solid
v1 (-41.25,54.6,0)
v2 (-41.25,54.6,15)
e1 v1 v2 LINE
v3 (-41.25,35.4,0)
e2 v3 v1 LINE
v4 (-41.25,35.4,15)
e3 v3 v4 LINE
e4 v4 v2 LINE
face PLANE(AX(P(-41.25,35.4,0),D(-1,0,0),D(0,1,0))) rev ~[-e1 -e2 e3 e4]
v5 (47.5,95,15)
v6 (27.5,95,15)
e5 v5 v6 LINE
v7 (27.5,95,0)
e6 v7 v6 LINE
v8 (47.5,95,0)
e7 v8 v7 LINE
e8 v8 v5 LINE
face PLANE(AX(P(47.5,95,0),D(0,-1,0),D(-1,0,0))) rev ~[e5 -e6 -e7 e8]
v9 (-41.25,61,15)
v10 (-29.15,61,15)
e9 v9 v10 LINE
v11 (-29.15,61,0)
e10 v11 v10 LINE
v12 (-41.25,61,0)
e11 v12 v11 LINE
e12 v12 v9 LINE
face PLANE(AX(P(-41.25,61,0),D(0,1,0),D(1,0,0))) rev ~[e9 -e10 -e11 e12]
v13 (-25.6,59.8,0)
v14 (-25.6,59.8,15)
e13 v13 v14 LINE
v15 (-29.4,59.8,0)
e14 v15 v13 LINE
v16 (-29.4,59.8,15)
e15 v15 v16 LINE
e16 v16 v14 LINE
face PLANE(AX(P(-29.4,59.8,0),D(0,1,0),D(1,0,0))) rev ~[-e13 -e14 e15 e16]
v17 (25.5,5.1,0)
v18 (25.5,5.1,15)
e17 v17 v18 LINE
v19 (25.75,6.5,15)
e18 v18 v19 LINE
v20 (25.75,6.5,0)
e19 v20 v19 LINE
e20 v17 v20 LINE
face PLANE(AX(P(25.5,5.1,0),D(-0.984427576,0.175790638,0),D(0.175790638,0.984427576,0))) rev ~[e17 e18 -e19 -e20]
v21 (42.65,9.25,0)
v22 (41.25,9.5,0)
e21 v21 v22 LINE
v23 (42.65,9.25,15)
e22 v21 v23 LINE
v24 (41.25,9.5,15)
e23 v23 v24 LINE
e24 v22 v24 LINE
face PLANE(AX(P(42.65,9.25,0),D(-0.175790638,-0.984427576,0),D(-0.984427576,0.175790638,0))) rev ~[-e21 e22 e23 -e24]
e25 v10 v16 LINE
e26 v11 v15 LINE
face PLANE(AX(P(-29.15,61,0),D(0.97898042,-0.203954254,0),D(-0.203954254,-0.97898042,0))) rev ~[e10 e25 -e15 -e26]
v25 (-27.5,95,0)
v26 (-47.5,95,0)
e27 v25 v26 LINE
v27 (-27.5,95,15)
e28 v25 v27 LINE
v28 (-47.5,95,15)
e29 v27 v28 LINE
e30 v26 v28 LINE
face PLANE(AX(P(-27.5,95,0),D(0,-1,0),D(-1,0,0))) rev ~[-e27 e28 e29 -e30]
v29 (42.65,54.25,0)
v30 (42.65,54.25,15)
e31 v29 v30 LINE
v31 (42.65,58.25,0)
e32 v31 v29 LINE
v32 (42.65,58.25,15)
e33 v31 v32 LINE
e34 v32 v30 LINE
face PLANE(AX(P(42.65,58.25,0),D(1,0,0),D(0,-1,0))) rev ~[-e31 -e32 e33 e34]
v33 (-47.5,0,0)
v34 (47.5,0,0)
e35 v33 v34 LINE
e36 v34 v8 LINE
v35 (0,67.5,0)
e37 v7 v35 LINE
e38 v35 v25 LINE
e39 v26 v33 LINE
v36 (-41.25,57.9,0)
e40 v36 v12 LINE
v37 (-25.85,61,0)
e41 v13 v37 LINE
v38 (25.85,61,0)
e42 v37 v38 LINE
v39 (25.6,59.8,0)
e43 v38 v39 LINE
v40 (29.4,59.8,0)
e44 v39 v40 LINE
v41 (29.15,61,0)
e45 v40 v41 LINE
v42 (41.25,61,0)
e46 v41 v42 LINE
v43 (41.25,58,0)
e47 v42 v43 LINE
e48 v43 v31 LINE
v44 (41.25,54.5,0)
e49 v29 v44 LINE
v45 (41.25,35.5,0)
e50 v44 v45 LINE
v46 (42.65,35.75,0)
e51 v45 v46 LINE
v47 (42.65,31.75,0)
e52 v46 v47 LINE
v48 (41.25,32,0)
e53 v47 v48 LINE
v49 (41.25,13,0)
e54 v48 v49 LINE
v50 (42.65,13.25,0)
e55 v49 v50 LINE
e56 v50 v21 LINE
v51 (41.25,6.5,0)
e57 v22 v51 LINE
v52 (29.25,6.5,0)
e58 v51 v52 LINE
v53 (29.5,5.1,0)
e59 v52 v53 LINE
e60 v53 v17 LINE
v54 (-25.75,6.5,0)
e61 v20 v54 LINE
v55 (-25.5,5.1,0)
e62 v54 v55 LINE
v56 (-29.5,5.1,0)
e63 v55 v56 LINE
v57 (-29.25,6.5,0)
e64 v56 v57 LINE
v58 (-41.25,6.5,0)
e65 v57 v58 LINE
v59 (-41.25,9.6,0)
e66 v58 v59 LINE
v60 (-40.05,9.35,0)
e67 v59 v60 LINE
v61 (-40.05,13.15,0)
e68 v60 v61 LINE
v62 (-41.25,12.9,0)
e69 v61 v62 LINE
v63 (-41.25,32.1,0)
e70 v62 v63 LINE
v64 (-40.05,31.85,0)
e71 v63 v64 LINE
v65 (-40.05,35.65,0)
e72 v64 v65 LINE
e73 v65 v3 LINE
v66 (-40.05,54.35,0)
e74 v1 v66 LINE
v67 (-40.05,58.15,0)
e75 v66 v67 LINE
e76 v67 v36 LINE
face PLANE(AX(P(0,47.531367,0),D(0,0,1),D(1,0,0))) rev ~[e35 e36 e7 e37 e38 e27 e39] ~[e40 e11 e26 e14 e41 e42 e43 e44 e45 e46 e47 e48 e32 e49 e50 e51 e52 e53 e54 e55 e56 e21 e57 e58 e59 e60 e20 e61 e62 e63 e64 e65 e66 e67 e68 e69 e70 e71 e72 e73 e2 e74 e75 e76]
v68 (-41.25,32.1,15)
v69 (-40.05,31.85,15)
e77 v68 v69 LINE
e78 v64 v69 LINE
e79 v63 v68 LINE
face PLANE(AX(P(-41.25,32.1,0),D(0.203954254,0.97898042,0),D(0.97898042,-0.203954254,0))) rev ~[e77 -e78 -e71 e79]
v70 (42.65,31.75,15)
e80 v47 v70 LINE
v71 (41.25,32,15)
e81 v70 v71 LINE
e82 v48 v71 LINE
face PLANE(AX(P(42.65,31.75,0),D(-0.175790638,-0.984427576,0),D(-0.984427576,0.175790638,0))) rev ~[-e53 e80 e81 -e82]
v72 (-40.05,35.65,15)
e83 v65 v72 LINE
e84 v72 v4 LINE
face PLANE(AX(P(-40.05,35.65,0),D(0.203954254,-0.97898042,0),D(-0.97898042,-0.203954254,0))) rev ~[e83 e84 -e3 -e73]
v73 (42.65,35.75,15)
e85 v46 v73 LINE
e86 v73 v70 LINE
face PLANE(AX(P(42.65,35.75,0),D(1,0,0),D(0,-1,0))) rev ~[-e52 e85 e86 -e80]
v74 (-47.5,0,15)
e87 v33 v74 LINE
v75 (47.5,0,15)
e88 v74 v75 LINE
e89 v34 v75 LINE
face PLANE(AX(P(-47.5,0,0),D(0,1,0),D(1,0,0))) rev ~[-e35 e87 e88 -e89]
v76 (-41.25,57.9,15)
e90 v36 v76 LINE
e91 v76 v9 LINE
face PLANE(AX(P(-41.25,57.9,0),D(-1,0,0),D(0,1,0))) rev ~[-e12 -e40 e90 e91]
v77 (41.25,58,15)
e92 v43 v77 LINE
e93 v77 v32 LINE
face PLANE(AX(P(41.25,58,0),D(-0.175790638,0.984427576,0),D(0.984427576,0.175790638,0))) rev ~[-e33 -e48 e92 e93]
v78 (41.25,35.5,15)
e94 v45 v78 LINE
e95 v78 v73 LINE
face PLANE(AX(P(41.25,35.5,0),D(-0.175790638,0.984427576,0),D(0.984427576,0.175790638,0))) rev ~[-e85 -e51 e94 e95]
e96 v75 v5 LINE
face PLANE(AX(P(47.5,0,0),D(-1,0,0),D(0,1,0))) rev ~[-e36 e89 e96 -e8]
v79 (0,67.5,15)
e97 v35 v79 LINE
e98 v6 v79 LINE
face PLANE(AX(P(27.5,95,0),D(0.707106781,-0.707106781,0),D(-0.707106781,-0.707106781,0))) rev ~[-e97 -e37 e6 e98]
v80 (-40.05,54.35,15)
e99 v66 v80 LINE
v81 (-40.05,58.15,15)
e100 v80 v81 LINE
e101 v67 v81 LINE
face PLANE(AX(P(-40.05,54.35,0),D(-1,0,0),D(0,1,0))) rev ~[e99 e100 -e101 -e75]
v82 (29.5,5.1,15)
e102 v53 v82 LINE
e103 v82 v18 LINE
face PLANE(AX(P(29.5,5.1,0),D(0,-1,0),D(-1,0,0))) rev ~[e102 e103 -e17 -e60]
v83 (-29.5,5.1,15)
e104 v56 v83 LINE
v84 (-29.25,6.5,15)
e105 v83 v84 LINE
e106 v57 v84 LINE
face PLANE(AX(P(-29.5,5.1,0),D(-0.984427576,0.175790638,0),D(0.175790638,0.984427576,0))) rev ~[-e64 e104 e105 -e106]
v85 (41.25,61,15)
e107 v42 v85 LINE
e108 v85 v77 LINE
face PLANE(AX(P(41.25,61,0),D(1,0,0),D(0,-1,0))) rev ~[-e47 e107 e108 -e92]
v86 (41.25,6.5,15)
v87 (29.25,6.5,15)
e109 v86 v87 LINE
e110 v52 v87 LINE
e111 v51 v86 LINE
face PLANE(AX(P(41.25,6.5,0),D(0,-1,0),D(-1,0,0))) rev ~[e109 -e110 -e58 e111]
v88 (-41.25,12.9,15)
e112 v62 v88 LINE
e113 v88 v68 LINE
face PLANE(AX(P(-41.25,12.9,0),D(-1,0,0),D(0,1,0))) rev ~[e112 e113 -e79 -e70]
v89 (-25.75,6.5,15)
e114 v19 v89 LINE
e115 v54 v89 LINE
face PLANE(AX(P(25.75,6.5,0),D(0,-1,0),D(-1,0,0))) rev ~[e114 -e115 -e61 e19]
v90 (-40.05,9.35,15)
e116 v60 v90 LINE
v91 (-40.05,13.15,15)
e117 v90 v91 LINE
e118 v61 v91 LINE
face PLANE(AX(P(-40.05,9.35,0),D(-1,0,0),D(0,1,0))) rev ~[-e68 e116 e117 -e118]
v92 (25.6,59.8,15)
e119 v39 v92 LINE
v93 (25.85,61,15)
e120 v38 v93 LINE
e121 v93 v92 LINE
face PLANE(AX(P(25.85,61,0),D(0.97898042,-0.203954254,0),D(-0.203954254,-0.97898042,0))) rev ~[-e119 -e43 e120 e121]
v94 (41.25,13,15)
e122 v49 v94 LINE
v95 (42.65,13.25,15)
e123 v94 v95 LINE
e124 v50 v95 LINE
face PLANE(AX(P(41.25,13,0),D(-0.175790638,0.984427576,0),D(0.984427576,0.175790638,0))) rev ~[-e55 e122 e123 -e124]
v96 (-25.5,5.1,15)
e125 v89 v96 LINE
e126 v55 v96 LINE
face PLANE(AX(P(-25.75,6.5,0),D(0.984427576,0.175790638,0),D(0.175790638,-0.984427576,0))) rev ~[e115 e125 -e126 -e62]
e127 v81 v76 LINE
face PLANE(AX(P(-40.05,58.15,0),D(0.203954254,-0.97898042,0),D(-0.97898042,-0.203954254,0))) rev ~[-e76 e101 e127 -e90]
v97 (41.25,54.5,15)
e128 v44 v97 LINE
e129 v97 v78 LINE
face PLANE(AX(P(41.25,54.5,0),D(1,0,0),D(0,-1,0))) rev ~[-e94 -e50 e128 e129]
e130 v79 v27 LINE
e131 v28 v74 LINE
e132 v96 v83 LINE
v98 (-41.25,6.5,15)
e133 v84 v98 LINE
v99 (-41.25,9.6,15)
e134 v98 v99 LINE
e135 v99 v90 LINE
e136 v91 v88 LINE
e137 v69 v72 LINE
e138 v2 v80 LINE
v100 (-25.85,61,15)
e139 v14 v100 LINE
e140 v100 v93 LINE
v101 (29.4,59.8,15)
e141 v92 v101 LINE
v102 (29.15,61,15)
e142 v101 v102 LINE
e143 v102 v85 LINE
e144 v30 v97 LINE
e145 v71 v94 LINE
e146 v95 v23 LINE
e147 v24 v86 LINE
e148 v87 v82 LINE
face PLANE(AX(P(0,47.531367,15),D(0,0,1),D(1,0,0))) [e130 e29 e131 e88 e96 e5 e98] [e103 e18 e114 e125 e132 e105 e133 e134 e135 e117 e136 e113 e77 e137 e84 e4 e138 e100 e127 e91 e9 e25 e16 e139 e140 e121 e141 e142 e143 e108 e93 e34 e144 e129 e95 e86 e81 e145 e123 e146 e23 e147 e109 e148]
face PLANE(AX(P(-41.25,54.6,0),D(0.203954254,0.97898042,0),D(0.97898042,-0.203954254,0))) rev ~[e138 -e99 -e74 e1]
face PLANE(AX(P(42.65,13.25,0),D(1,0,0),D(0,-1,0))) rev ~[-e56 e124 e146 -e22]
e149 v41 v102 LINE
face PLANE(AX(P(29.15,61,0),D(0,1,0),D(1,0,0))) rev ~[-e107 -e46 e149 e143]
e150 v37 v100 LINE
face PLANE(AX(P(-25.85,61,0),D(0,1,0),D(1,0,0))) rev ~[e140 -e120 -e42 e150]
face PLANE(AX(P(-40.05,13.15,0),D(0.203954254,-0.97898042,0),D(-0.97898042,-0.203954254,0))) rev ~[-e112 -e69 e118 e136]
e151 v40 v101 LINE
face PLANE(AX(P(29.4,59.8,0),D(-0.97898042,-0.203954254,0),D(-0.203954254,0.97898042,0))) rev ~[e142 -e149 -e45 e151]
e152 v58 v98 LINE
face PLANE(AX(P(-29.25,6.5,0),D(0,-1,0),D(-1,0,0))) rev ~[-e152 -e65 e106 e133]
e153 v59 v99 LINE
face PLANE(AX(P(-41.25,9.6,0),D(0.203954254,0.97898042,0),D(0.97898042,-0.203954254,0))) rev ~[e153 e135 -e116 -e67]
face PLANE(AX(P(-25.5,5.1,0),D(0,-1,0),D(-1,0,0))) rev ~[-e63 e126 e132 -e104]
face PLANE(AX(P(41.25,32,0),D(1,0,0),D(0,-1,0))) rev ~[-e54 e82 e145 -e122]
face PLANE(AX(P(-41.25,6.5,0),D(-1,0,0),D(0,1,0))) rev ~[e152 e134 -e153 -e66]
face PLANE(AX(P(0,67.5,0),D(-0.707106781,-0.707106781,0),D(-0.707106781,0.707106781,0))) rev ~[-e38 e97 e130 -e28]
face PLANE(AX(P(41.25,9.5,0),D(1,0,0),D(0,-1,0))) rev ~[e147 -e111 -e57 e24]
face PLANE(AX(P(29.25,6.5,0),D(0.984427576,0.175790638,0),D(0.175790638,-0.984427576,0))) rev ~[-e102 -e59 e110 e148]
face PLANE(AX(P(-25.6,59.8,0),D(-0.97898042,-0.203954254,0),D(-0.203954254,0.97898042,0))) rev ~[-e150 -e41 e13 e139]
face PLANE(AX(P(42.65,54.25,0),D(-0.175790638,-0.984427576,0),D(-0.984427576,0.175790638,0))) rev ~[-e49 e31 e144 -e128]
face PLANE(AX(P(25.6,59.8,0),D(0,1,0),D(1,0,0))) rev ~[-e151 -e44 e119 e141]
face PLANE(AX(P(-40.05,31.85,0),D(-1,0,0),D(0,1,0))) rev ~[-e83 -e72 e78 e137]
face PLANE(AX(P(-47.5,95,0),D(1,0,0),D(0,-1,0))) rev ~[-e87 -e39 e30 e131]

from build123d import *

# Parameters (mm, degrees)
PAD_DEPTH = 15


with BuildPart() as part:
    # Sketch → Pad (new body)
    with BuildSketch(Plane.XY):
        Polygon((0, 67.5), (-27.5, 95), (-47.5, 95), (-47.5, 0), (47.5, 0), (47.5, 95), (27.5, 95), align=None)
        Polygon((-41.25, 61), (-29.15, 61), (-29.4, 59.8), (-25.6, 59.8), (-25.85, 61), (25.85, 61), (25.6, 59.8), (29.4, 59.8), (29.15, 61), (41.25, 61), (41.25, 58), (42.65, 58.25), (42.65, 54.25), (41.25, 54.5), (41.25, 35.5), (42.65, 35.75), (42.65, 31.75), (41.25, 32), (41.25, 13), (42.65, 13.25), (42.65, 9.25), (41.25, 9.5), (41.25, 6.5), (29.25, 6.5), (29.5, 5.1), (25.5, 5.1), (25.75, 6.5), (-25.75, 6.5), (-25.5, 5.1), (-29.5, 5.1), (-29.25, 6.5), (-41.25, 6.5), (-41.25, 9.6), (-40.05, 9.35), (-40.05, 13.15), (-41.25, 12.9), (-41.25, 32.1), (-40.05, 31.85), (-40.05, 35.65), (-41.25, 35.4), (-41.25, 54.6), (-40.05, 54.35), (-40.05, 58.15), (-41.25, 57.9), align=None, mode=Mode.SUBTRACT)
    extrude(amount=PAD_DEPTH)


solid = part.part
